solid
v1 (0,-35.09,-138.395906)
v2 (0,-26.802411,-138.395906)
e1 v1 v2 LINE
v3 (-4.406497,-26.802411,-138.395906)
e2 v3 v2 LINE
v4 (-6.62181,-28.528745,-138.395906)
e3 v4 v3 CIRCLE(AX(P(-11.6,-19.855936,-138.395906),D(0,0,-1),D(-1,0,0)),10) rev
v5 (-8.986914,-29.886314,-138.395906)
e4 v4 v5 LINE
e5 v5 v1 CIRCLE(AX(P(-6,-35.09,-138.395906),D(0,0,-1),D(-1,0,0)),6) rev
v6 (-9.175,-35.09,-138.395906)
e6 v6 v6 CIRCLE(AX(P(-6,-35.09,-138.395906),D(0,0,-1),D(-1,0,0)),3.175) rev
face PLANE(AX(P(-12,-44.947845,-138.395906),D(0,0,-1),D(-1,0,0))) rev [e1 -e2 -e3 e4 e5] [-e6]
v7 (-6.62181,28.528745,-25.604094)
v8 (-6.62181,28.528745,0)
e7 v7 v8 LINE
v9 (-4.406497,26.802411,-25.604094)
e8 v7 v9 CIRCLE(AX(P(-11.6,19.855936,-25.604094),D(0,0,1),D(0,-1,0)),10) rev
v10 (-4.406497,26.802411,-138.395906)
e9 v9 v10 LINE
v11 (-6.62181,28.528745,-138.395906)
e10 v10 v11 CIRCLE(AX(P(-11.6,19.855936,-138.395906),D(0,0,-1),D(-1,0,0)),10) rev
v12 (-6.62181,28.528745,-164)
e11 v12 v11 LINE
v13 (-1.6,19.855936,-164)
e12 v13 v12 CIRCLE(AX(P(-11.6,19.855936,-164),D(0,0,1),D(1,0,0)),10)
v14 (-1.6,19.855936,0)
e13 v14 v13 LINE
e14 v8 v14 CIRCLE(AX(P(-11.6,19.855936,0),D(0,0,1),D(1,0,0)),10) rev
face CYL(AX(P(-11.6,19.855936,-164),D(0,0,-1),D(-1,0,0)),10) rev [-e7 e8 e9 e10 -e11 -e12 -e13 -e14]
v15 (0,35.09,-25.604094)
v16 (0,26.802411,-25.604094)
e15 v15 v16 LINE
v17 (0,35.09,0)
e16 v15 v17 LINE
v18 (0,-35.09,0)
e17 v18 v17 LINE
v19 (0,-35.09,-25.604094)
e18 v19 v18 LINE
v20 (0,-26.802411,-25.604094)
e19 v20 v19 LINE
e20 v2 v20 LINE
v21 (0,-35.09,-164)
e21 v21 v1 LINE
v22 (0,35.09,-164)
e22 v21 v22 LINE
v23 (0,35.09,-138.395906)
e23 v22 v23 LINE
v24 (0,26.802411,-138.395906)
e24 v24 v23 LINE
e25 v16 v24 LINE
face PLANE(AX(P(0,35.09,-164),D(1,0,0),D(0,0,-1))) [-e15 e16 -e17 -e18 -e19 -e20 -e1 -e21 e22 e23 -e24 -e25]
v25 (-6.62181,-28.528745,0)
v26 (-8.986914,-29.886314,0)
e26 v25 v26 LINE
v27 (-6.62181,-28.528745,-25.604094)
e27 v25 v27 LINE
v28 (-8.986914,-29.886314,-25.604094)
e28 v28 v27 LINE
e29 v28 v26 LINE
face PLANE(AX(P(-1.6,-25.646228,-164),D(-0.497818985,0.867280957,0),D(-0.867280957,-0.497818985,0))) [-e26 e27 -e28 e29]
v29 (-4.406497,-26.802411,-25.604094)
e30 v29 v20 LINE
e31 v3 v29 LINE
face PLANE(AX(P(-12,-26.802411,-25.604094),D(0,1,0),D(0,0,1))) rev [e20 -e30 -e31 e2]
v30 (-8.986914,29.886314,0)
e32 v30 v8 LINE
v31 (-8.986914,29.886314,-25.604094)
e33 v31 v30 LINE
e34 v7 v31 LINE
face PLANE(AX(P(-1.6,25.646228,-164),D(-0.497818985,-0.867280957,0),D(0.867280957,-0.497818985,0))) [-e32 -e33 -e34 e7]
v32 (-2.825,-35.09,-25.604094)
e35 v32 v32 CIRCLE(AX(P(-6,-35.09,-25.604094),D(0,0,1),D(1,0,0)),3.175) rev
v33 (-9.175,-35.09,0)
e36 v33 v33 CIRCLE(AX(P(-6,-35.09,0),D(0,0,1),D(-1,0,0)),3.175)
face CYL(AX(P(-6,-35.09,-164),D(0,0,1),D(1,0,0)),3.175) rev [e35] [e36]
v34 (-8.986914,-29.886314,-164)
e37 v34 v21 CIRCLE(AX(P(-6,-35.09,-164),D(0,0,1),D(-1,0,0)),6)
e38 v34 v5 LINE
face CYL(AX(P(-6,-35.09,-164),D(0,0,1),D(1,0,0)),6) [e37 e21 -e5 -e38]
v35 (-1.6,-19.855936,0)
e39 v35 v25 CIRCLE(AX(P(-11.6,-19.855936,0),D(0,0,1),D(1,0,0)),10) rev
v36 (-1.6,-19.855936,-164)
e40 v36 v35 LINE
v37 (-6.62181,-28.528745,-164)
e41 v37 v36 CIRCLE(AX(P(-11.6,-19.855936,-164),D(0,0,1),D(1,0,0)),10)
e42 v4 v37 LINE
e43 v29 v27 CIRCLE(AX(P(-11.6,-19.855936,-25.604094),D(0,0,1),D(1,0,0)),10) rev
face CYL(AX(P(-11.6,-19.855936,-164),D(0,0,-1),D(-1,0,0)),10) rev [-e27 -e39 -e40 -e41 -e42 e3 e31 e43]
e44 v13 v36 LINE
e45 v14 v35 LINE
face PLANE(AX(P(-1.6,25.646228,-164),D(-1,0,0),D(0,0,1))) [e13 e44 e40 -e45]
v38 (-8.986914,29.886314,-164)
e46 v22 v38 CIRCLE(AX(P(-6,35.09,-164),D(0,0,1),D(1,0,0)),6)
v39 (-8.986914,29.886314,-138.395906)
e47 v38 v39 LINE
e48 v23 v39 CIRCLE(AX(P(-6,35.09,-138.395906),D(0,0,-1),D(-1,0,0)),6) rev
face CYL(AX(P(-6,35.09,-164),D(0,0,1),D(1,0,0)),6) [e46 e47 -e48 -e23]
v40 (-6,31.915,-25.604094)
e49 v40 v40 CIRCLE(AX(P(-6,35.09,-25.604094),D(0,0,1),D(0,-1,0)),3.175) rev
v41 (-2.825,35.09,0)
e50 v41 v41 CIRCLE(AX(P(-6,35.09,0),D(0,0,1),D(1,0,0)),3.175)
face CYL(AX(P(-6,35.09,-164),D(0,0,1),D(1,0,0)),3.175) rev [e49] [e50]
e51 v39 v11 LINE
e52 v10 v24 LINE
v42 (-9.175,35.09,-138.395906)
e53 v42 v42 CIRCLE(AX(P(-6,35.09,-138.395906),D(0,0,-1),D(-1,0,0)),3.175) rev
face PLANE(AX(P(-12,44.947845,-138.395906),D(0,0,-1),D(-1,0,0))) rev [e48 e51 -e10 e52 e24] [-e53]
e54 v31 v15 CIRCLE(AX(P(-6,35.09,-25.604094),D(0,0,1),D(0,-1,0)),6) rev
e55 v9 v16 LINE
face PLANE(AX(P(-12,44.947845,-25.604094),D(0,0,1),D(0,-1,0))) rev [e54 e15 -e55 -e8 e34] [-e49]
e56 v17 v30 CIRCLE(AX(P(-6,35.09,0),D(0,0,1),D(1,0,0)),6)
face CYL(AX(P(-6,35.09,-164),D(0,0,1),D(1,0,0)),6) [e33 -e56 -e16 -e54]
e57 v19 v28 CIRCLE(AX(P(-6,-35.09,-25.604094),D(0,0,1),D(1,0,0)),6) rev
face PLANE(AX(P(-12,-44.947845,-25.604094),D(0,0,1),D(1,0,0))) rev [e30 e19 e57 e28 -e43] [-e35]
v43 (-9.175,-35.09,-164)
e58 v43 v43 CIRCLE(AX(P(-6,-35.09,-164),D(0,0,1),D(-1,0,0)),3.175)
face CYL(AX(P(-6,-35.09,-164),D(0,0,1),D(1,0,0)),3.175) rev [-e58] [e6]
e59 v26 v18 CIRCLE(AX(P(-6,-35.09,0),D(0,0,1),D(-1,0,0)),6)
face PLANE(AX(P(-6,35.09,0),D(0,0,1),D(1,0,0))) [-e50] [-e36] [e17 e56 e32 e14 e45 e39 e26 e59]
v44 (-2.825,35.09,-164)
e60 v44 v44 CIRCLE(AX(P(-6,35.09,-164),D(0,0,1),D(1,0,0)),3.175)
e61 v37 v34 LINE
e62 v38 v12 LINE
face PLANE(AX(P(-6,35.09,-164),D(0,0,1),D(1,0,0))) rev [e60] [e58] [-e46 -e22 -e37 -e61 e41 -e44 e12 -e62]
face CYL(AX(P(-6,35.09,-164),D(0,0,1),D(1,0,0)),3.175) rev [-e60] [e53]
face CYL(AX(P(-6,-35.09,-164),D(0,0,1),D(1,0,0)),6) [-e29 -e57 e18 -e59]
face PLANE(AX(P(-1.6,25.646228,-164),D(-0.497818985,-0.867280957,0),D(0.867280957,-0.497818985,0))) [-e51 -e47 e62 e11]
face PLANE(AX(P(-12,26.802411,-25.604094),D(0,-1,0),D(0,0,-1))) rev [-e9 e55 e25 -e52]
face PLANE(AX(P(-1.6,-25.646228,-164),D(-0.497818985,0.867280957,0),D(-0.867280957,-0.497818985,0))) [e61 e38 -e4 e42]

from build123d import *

# Parameters (mm, degrees)
CROQUIS1_R              = 3.175
SALIENTE_EXTRUIR1_DEPTH = 164
REDONDEO1_R             = 10
CROQUIS3_W              = 112.791812306
CROQUIS3_H              = 18.145434914
CORTAR_EXTRUIR2_DEPTH   = 13


with BuildPart() as part:
    # Croquis1 → Saliente-Extruir1 (new body)
    with BuildSketch(Plane.XY):
        with BuildLine():
            Line((-1.6, 25.646228096), (-8.98691391, 29.886314259))
            ThreePointArc((-8.98691391, 29.886314259), (-9.006535925, 40.28237342), (0, 35.09))
            Line((0, 35.09), (0, -35.09))
            ThreePointArc((0, -35.09), (-9.006535925, -40.28237342), (-8.98691391, -29.886314259))
            Line((-8.98691391, -29.886314259), (-1.6, -25.646228096))
            Line((-1.6, -25.646228096), (-1.6, 25.646228096))
        make_face()
        with Locations((-6, 35.09)):
            Circle(CROQUIS1_R, mode=Mode.SUBTRACT)
        with Locations((-6, -35.09)):
            Circle(CROQUIS1_R, mode=Mode.SUBTRACT)
    extrude(amount=-SALIENTE_EXTRUIR1_DEPTH)

    # Redondeo1
    redondeo1_edges = [part.edges().sort_by_distance(p)[0] for p in [
        (-1.6, -25.646228096, -82),
        (-1.6, 25.646228096, -82),
    ]]
    fillet(redondeo1_edges, radius=REDONDEO1_R)

    # Croquis3 → Cortar-Extruir2 (cut, through all)
    with BuildSketch(Plane(origin=(0, 0, 0), x_dir=(0, 0, -1), z_dir=(1, 0, 0))):
        with Locations((82, 35.875128035)):
            Rectangle(CROQUIS3_W, CROQUIS3_H)
        with Locations((82, -35.875128035)):
            Rectangle(CROQUIS3_W, CROQUIS3_H)
    extrude(amount=-CORTAR_EXTRUIR2_DEPTH, mode=Mode.SUBTRACT)


solid = part.part
